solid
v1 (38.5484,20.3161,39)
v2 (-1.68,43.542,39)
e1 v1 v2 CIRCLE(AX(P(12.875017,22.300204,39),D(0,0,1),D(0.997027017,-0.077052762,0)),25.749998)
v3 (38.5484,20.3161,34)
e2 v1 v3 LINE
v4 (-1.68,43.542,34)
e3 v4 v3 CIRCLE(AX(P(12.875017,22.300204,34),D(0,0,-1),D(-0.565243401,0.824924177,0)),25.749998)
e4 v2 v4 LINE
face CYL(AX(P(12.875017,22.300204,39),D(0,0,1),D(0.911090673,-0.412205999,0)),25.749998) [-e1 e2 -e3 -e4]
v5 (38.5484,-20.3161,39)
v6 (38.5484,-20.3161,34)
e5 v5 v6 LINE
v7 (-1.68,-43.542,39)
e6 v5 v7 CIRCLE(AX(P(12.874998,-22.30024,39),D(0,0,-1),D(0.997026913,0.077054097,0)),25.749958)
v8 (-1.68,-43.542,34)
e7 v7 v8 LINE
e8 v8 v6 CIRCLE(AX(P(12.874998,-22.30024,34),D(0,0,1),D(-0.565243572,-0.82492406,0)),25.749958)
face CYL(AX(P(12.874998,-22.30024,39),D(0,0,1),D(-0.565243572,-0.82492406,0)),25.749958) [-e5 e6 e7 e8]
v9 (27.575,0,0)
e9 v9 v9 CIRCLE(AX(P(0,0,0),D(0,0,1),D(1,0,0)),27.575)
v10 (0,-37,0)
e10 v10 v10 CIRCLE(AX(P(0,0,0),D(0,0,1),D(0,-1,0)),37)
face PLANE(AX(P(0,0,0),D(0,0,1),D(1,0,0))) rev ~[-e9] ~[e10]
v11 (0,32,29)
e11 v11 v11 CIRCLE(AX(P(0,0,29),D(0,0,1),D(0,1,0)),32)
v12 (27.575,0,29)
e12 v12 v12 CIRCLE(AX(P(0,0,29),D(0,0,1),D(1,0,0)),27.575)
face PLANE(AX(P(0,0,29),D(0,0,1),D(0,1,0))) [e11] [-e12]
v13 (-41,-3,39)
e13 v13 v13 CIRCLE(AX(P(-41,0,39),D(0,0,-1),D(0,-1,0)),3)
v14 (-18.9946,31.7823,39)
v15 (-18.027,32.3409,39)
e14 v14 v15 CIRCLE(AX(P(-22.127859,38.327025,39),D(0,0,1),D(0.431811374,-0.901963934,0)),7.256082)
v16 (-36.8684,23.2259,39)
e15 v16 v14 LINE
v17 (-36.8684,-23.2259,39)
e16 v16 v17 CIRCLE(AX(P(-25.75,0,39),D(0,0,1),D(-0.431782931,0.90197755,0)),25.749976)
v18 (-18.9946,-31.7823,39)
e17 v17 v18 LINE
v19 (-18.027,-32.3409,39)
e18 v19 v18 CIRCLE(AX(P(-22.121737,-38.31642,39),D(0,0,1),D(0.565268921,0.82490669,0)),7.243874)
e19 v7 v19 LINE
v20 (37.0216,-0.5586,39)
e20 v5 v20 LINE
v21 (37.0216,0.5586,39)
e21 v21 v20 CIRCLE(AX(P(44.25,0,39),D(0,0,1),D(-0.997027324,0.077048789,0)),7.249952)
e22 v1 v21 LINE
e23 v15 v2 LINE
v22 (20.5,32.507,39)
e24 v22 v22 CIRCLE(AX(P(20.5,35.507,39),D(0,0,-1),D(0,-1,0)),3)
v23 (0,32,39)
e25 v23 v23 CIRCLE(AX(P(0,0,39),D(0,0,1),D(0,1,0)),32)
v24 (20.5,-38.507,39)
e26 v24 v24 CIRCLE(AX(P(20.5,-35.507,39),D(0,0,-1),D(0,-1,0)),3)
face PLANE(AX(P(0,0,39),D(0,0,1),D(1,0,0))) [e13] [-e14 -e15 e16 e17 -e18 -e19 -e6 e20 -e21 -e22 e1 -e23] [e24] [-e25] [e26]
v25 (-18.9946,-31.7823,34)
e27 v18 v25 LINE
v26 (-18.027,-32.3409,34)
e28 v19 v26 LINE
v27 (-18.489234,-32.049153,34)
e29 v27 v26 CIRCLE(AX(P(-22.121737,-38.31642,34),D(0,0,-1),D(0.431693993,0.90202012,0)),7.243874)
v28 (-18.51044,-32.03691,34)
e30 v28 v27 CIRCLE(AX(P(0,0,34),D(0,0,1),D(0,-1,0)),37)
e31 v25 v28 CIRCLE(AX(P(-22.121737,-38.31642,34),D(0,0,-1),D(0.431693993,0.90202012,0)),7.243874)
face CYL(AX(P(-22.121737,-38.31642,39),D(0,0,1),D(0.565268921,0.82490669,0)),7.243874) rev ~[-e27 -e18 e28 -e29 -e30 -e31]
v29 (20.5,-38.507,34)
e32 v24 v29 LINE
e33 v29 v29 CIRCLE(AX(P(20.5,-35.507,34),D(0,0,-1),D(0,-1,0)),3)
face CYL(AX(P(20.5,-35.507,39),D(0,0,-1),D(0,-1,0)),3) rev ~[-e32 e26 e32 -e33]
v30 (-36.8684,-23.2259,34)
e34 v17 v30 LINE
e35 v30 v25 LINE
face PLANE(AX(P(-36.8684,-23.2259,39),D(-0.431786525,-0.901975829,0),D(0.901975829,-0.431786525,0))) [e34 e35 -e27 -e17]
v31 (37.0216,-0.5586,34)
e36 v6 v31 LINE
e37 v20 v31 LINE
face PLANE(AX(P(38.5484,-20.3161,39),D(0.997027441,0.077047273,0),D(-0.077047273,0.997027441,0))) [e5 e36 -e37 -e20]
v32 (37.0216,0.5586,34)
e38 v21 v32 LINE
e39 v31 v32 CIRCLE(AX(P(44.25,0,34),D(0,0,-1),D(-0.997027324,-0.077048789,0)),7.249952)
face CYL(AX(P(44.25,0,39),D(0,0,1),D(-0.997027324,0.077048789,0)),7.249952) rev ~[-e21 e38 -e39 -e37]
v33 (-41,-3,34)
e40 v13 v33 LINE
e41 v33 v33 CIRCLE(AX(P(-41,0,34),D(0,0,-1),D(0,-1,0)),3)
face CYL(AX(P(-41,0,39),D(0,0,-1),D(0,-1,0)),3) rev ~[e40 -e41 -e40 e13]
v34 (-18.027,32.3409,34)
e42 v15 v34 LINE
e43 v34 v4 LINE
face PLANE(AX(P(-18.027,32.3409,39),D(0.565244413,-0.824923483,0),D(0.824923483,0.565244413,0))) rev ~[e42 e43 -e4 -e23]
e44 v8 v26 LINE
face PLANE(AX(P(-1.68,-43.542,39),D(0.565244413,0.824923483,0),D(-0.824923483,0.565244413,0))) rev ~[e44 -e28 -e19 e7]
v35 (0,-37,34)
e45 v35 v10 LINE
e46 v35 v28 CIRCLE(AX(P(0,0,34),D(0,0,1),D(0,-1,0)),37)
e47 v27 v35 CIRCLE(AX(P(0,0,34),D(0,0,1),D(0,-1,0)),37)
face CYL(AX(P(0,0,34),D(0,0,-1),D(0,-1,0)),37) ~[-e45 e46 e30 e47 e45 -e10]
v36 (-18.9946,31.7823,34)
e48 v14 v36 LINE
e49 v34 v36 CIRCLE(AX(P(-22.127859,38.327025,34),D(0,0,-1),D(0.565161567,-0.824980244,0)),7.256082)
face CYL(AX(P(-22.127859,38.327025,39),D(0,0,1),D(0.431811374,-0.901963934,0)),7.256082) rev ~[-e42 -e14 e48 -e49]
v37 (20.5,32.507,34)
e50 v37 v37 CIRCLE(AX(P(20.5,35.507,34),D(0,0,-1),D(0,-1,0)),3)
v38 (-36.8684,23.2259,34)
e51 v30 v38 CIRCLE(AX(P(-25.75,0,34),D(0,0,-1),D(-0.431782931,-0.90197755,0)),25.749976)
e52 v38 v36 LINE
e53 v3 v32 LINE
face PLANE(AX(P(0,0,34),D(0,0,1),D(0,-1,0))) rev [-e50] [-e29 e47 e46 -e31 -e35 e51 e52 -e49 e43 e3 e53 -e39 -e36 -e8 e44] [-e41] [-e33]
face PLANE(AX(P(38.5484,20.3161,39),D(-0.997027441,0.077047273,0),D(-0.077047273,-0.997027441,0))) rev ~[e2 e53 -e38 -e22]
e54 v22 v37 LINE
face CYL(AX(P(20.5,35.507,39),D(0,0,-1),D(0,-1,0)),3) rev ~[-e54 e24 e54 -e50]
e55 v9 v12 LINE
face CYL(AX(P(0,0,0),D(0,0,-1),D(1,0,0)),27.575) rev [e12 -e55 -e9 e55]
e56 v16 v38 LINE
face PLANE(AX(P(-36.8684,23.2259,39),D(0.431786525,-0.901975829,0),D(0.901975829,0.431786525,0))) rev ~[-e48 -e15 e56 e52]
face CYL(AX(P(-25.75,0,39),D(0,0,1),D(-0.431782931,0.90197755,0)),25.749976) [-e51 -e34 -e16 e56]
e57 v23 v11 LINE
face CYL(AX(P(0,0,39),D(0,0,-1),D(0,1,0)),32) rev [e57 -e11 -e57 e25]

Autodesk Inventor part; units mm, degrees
ref_plane "XZ Plane" through (0, 0, 0) normal (0, 1, 0) x (-1, 0, 0)
ref_plane "XY Plane" through (0, 0, 0) normal (0, 0, 1) x (1, 0, 0)
sketch "Sketch1" plane through (0, 0, 0) normal (0, 0, 1) x (1, 0, 0)
  circle A0 centre (0, 0) radius 27.575
  circle A1 centre (0, 0) radius 51.5
  dimension "d0" = 55.15
  dimension "d1" = 103
extrude "Extrusion1" add sketch "Sketch1" along normal blind 39
sketch "Sketch2" plane through (0, 0, 0) normal (1, 0, 0) x (0, 1, 0)
  line L0 (51.5, 39) -> (-51.5, 39) projected
  line L1 (51.5, 0) -> (-51.5, 0) projected
  line L2 (42.7787, 29) -> (-54.5799, 29) construction
  line L3 (-27.575, 39) -> (27.575, 39) projected
  line L4 (-27.575, 39) -> (27.575, 39) projected
  line L5 (-27.575, 0) -> (27.575, 0) projected
  line L6 (51.5, 0) -> (27.575, 0) projected
  line L7 (27.575, 0) -> (27.575, 39) projected
  line L8 (27.575, 39) -> (51.5, 39) projected
  line L9 (-51.5, 39) -> (-27.575, 39) projected
  line L10 (-27.575, 39) -> (-27.575, 0) projected
  line L11 (-27.575, 0) -> (-51.5, 0) projected
  line L12 (27.575, 39) -> (32, 39)
  line L13 (32, 39) -> (32, 29)
  line L14 (32, 29) -> (27.575, 29)
  line L15 (27.575, 29) -> (27.575, 39)
  line L16 (0, -7.8) -> (0, 46.8) projected
  line L17 (51.5, 39) -> (51.5, 0) projected
  line L18 (-51.5, 0) -> (-51.5, 39) projected
  point P0 (0, 0)
  dimension "d4" = 10
  dimension "d5" = 32
revolve "Revolution1" cut sketch "Sketch2" angle 360 about axis through (0, 0, -10) along (0, 0, 1) contours L13 L14 L7 L0
sketch "Sketch3" plane through (0, 0, 0) normal (1, 0, 0) x (0, 1, 0)
  line L0 (51.5, 39) -> (51.5, 0) projected
  line L1 (51.5, 0) -> (27.575, 0) projected
  line L2 (27.575, 0) -> (27.575, 29) projected
  line L3 (27.575, 29) -> (32, 29) projected
  line L4 (32, 29) -> (32, 39) projected
  line L5 (32, 39) -> (51.5, 39) projected
  line L6 (-51.5, 0) -> (-51.5, 39) projected
  line L7 (-51.5, 39) -> (-32, 39) projected
  line L8 (-32, 39) -> (-32, 29) projected
  line L9 (-32, 29) -> (-27.575, 29) projected
  line L10 (-27.575, 29) -> (-27.575, 0) projected
  line L11 (-27.575, 0) -> (-51.5, 0) projected
  line L12 (-51.5, 0) -> (-51.5, 39) projected
  line L13 (-32, 39) -> (-32, 29) projected
  line L14 (-32, 34) -> (-51.5, 34)
  line L15 (-37, 34) -> (-37, 0)
  line L16 (51.5, 0) -> (-51.5, 0) projected
  line L17 (0, -7.8) -> (0, 46.8) projected
  point P0 (0, 0)
  point P1 (-51.5, 34)
  dimension "d7" = 5
  dimension "d11" = 5
revolve "Revolution2" cut sketch "Sketch3" angle 360 about axis through (0, 0, -10) along (0, 0, 1) contours L11 L6 L14 L15
sketch "Sketch4" plane through (0, 0, 39) normal (0, 0, 1) x (1, 0, 0)
  circle A0 centre (0, 0) radius 32 projected
  circle A1 centre (0, 0) radius 51.5 projected
  circle A2 centre (0, 0) radius 32 projected
  line L0 (0, 0) -> (-55.0177, 0) construction
  line L1 (0, 0) -> (34.9883, -60.6016) construction
  line L2 (0, 0) -> (42.9469, 74.3862) construction
  circle A3 centre (-25.75, 0) radius 25.75 construction
  circle A4 centre (12.875, -22.3002) radius 25.75 construction
  circle A5 centre (0, 0) radius 51.5 projected
  circle A6 centre (12.875, 22.3002) radius 25.75 construction
  line L3 (0, 0) -> (-33.8932, -58.7048) construction
  line L4 (0, 0) -> (-35.029, 60.6721) construction
  line L5 (0, 0) -> (41.9391, 0) construction
  circle A7 centre (-22.125, -38.3216) radius 7.25 construction
  circle A8 centre (-22.125, 38.3216) radius 7.25 construction
  circle A9 centre (44.25, 0) radius 7.25 construction
  line L6 (38.5484, -20.3161) -> (37.0216, -0.5586)
  line L7 (38.5484, 20.3161) -> (37.0216, 0.5586)
  line L8 (-1.68, -43.542) -> (-18.027, -32.3409)
  line L9 (-36.8684, -23.2259) -> (-18.9946, -31.7823)
  line L10 (-36.8684, 23.2259) -> (-18.9946, 31.7823)
  line L11 (-18.027, 32.3409) -> (-1.68, 43.542)
  arc A10 (-1.68, -43.542) -> (38.5484, -20.3161) centre (12.875, -22.3002) ccw
  arc A11 (37.0216, 0.5586) -> (37.0216, -0.5586) centre (44.25, 0) ccw
  arc A12 (36.3356, 11.6859) -> (-1.68, 43.542) centre (12.875, 22.3002) ccw
  arc A13 (-18.9946, 31.7823) -> (-18.027, 32.3409) centre (-22.125, 38.3216) ccw
  arc A14 (-18.027, -32.3409) -> (-18.9946, -31.7823) centre (-22.125, -38.3216) ccw
  arc A15 (-36.8684, 23.2259) -> (-36.8684, -23.2259) centre (-25.75, 0) ccw
  circle A16 centre (0, 0) radius 37 projected
  point P0 (-51.5, 0)
  point P1 (25.75, -44.6003)
  point P2 (25.75, 44.6003)
  dimension "d12" = 120
  dimension "d13" = 120
  dimension "d14" = 120
  dimension "d15" = 120
extrude "Extrusion2" cut sketch "Sketch4" against normal up to surface (5 mm away) contours A1 A10 L6 A11 L7 A12 | A12 L11 A13 L10 A15 A1 | A1 A15 L9 A14 L8 A10
sketch "Sketch5" plane through (0, 0, 39) normal (0, 0, 1) x (1, 0, 0)
  circle A0 centre (0, 0) radius 32 projected
  line L0 (0, 0) -> (-33.178, 0) construction
  circle A1 centre (-41, 0) radius 3
  point P0 (20.5, -35.507)
  point P1 (20.5, 35.507)
  dimension "d18" = 6
  dimension "d19" = 41
  dimension "d22" = 360
hole "Hole1" at (-41, 0, 39) at (20.5, 35.507, 39) at (20.5, -35.507, 39) direction (0, 0, -1) diameter 6 end through all
equation "\"d13\" = d12"
equation "\"d14\" = d12"
equation "\"d15\" = d12"
properties part number "EDF Mount"
